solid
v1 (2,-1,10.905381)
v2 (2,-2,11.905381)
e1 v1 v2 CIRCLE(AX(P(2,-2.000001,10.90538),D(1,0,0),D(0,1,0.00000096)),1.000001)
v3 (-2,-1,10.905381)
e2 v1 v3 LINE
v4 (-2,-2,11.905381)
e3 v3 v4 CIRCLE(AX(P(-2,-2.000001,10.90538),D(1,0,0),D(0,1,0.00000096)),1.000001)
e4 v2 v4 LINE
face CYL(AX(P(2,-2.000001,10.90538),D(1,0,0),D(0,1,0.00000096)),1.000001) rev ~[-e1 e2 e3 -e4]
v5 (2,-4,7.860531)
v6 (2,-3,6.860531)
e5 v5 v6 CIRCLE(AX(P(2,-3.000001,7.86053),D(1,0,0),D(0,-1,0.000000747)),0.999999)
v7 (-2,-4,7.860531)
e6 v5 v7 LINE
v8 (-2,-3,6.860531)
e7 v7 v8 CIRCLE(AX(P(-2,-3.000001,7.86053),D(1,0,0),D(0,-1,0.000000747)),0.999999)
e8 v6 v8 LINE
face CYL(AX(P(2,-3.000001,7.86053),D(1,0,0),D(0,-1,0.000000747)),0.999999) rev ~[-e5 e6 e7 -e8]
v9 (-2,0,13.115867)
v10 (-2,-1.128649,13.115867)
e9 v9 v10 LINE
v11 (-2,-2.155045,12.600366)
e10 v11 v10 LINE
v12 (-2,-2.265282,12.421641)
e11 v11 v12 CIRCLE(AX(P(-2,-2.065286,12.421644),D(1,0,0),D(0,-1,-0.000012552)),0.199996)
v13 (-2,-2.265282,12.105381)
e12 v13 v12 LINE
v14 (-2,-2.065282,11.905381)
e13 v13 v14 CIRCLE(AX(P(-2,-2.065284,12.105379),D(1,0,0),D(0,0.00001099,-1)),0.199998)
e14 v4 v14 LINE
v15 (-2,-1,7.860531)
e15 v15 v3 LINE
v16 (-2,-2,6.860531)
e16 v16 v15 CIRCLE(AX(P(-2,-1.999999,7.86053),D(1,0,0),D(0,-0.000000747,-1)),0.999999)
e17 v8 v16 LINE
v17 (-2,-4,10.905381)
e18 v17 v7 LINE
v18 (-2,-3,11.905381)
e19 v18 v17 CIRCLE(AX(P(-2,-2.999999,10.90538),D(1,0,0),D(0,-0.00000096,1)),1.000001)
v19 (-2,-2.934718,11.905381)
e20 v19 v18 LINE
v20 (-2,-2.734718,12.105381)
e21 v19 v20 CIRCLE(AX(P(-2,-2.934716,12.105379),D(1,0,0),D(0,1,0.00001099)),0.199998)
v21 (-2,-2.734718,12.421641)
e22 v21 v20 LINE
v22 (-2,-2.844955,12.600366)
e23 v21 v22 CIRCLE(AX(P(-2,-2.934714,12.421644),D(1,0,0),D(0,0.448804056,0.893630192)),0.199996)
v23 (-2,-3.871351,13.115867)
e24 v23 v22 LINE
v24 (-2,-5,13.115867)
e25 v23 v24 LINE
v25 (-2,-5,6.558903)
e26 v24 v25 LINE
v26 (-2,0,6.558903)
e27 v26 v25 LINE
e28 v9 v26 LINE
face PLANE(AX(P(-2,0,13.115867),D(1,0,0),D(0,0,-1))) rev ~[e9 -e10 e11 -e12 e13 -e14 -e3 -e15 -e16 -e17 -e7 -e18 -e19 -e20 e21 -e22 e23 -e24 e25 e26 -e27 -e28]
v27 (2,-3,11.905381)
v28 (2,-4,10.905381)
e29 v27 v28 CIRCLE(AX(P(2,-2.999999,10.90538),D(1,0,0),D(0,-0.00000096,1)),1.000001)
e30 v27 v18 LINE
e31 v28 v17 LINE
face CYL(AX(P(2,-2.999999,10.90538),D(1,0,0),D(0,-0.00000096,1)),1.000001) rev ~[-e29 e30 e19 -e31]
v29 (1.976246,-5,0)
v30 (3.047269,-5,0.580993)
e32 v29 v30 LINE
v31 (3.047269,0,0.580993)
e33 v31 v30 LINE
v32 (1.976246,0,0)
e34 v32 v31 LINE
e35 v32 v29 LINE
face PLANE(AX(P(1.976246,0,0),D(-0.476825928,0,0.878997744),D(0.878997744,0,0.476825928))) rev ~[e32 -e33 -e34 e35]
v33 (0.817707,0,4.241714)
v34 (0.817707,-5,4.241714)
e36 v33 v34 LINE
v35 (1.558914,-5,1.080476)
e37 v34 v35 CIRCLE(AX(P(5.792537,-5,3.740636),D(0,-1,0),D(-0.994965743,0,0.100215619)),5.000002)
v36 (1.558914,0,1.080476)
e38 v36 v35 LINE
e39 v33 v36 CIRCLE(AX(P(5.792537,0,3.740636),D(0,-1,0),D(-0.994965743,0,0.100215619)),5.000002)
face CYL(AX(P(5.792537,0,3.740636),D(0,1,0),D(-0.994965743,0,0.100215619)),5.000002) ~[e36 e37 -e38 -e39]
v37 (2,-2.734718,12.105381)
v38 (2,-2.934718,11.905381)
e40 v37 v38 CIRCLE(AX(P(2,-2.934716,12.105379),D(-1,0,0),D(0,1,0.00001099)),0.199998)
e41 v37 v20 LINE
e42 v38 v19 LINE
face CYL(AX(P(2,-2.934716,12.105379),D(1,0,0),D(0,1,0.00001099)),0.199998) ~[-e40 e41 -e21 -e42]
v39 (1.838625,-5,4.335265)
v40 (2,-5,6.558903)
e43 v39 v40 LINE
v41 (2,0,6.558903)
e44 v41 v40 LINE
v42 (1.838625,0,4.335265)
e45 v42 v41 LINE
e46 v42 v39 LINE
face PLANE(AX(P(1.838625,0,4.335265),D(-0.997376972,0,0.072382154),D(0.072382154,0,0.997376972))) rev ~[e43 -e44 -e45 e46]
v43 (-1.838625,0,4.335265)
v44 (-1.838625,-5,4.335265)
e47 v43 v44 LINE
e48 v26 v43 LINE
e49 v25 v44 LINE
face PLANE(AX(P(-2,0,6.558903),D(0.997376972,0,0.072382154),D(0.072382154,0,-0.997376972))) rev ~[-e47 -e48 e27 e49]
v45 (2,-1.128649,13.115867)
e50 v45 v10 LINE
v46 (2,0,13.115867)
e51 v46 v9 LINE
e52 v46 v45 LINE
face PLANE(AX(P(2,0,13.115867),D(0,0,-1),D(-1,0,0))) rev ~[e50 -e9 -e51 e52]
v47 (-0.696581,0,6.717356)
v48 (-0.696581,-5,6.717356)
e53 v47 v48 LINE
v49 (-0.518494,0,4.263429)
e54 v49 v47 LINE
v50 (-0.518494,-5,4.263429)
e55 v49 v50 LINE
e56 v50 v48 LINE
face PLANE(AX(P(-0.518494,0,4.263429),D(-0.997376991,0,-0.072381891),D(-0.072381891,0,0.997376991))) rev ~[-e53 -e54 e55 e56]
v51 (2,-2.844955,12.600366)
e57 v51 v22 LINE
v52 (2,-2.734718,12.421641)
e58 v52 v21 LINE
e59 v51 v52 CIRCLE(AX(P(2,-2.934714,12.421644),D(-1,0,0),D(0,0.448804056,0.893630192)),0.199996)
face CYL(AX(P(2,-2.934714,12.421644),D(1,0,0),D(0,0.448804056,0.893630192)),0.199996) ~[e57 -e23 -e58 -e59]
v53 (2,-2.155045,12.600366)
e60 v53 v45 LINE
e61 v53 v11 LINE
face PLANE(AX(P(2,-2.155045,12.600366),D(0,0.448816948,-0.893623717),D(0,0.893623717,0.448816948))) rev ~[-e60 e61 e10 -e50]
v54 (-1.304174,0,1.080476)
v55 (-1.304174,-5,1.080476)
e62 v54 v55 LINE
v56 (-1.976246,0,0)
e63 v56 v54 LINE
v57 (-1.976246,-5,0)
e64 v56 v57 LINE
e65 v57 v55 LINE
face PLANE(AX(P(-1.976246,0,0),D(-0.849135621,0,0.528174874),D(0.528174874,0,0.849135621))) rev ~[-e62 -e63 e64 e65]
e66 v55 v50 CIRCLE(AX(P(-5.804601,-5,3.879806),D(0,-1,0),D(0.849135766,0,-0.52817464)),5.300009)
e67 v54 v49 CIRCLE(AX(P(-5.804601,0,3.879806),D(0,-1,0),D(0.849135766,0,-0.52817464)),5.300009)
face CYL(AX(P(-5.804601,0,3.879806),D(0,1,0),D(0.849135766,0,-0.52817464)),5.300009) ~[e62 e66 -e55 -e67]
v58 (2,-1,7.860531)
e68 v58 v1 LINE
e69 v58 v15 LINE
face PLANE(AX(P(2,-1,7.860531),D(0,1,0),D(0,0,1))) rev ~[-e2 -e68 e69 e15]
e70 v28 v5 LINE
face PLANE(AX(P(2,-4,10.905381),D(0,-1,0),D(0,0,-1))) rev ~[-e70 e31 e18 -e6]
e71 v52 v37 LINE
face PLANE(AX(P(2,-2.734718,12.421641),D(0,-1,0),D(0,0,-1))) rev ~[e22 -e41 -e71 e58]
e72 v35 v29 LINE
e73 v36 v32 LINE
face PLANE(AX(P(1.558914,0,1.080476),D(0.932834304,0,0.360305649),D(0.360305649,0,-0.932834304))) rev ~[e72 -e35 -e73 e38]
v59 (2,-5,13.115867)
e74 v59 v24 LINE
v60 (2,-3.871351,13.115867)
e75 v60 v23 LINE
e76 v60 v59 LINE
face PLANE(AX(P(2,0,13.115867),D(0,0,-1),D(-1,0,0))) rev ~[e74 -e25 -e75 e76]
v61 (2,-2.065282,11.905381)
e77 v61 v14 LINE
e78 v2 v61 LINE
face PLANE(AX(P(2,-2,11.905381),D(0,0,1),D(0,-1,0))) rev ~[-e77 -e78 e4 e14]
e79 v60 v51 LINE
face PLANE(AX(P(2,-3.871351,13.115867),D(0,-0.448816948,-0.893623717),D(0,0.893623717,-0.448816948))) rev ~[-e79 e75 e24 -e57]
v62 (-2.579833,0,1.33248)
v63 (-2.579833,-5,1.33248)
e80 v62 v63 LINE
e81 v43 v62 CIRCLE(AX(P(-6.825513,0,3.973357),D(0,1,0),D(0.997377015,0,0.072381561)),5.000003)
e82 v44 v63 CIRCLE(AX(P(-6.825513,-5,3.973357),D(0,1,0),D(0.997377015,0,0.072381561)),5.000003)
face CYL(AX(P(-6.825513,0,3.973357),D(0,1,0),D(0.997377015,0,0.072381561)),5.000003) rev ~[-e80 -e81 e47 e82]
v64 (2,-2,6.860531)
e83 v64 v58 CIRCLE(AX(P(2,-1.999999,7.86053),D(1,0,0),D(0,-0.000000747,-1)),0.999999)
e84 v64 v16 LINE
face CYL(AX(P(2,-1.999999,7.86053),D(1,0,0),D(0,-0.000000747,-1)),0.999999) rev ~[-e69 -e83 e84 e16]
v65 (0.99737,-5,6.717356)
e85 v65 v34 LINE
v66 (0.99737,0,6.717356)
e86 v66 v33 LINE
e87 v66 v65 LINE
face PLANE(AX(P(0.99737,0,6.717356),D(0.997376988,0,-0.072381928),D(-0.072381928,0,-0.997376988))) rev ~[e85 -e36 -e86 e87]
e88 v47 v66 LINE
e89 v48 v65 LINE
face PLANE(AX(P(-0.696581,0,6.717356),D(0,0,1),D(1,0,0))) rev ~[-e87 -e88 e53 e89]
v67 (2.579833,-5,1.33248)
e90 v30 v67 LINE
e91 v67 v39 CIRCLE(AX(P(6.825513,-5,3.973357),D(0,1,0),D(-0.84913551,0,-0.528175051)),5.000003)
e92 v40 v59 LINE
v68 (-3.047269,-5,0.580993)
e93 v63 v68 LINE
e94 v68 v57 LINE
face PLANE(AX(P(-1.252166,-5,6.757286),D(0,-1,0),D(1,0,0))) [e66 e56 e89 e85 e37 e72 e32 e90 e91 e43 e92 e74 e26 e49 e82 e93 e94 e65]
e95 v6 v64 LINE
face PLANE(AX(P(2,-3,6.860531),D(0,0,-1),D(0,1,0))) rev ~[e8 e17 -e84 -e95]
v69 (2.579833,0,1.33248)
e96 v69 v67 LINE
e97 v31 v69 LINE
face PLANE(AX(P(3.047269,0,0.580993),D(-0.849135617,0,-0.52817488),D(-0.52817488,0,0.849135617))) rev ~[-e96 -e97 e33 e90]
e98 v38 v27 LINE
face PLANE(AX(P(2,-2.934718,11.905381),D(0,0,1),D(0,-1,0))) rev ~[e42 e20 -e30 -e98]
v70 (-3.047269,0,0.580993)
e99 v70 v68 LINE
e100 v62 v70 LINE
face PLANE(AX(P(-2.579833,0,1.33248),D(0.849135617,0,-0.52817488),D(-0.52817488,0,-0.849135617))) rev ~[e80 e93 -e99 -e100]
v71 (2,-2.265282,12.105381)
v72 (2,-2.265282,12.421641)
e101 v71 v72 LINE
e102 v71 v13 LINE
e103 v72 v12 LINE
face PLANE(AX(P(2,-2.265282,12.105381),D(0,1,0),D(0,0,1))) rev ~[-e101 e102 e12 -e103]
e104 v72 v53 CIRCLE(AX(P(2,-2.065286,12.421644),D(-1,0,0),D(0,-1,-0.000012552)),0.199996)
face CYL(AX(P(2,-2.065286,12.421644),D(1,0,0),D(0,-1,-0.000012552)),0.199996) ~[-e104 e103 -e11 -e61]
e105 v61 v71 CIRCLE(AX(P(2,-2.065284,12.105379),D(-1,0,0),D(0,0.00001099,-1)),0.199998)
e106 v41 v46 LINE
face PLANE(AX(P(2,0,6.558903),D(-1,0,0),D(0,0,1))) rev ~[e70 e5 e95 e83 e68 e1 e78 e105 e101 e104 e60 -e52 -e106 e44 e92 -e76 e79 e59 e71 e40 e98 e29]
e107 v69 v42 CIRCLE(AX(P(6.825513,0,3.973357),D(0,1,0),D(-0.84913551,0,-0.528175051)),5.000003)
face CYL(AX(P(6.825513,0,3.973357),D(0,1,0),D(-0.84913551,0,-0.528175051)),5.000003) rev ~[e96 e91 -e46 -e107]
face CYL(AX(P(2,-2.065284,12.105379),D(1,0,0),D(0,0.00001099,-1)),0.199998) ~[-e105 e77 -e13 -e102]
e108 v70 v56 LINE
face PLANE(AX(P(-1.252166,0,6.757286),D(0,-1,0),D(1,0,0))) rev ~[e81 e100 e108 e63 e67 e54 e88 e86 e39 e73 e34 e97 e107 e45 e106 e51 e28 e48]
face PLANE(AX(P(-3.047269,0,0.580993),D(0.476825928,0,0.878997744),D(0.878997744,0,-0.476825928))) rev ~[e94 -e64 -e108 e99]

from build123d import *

# Parameters (mm, degrees)
F1_DEPTH = 5
F3_DEPTH = 5.048269


with BuildPart() as f1:
    # F0 (on Front) → F1 (new body)
    with BuildSketch(Plane.XZ):
        with BuildLine():
            Line((0, 13.115867), (-2, 13.115867))
            Line((-2, 13.115867), (-2, 6.558903))
            Line((-2, 6.558903), (-1.838625, 4.335265))
            ThreePointArc((-1.838625, 4.335265), (-1.97121, 2.77512), (-2.579833, 1.33248))
            Line((-2.579833, 1.33248), (-3.047269, 0.580993))
            Line((-3.047269, 0.580993), (-1.976246, 0))
            Line((-1.976246, 0), (-1.304174, 1.080476))
            ThreePointArc((-1.304174, 1.080476), (-0.659034, 2.609675), (-0.518494, 4.263429))
            Line((-0.518494, 4.263429), (-0.696581, 6.717356))
            Line((-0.696581, 6.717356), (0, 6.717356))
            Line((0, 6.717356), (0, 13.115867))
        make_face()
        with BuildLine():
            Line((2, 13.115867), (0, 13.115867))
            Line((0, 13.115867), (0, 6.717356))
            Line((0, 6.717356), (0.99737, 6.717356))
            Line((0.99737, 6.717356), (0.817707, 4.241714))
            ThreePointArc((0.817707, 4.241714), (0.924554, 2.599253), (1.558914, 1.080476))
            Line((1.558914, 1.080476), (1.976246, 0))
            Line((1.976246, 0), (3.047269, 0.580993))
            Line((3.047269, 0.580993), (2.579833, 1.33248))
            ThreePointArc((2.579833, 1.33248), (1.97121, 2.77512), (1.838625, 4.335265))
            Line((1.838625, 4.335265), (2, 6.558903))
            Line((2, 6.558903), (2, 13.115867))
        make_face()
    extrude(amount=F1_DEPTH)

    # F2 (on face) → F3 (cut, through all)
    with BuildSketch(Plane.YZ.offset(2)):
        with BuildLine():
            ThreePointArc((-2.844955, 12.600366), (-2.764493, 12.526635), (-2.734718, 12.421641))
            Line((-2.734718, 12.421641), (-2.734718, 12.105381))
            ThreePointArc((-2.734718, 12.105381), (-2.793296, 11.963959), (-2.934718, 11.905381))
            Line((-2.934718, 11.905381), (-3, 11.905381))
            ThreePointArc((-3, 11.905381), (-3.707107, 11.612487), (-4, 10.905381))
            Line((-4, 10.905381), (-4, 7.860531))
            ThreePointArc((-4, 7.860531), (-3.707107, 7.153424), (-3, 6.860531))
            Line((-3, 6.860531), (-2.5, 6.860531))
            Line((-2.5, 6.860531), (-2, 6.860531))
            ThreePointArc((-2, 6.860531), (-1.292893, 7.153424), (-1, 7.860531))
            Line((-1, 7.860531), (-1, 10.905381))
            ThreePointArc((-1, 10.905381), (-1.292893, 11.612487), (-2, 11.905381))
            Line((-2, 11.905381), (-2.065282, 11.905381))
            ThreePointArc((-2.065282, 11.905381), (-2.206704, 11.963959), (-2.265282, 12.105381))
            Line((-2.265282, 12.105381), (-2.265282, 12.421641))
            ThreePointArc((-2.265282, 12.421641), (-2.235507, 12.526635), (-2.155045, 12.600366))
            Line((-2.155045, 12.600366), (-1.128649, 13.115867))
            Line((-1.128649, 13.115867), (-2.5, 13.115867))
            Line((-2.5, 13.115867), (-3.871351, 13.115867))
            Line((-3.871351, 13.115867), (-2.844955, 12.600366))
        make_face()
    extrude(amount=-F3_DEPTH, mode=Mode.SUBTRACT)


solid = f1.part
